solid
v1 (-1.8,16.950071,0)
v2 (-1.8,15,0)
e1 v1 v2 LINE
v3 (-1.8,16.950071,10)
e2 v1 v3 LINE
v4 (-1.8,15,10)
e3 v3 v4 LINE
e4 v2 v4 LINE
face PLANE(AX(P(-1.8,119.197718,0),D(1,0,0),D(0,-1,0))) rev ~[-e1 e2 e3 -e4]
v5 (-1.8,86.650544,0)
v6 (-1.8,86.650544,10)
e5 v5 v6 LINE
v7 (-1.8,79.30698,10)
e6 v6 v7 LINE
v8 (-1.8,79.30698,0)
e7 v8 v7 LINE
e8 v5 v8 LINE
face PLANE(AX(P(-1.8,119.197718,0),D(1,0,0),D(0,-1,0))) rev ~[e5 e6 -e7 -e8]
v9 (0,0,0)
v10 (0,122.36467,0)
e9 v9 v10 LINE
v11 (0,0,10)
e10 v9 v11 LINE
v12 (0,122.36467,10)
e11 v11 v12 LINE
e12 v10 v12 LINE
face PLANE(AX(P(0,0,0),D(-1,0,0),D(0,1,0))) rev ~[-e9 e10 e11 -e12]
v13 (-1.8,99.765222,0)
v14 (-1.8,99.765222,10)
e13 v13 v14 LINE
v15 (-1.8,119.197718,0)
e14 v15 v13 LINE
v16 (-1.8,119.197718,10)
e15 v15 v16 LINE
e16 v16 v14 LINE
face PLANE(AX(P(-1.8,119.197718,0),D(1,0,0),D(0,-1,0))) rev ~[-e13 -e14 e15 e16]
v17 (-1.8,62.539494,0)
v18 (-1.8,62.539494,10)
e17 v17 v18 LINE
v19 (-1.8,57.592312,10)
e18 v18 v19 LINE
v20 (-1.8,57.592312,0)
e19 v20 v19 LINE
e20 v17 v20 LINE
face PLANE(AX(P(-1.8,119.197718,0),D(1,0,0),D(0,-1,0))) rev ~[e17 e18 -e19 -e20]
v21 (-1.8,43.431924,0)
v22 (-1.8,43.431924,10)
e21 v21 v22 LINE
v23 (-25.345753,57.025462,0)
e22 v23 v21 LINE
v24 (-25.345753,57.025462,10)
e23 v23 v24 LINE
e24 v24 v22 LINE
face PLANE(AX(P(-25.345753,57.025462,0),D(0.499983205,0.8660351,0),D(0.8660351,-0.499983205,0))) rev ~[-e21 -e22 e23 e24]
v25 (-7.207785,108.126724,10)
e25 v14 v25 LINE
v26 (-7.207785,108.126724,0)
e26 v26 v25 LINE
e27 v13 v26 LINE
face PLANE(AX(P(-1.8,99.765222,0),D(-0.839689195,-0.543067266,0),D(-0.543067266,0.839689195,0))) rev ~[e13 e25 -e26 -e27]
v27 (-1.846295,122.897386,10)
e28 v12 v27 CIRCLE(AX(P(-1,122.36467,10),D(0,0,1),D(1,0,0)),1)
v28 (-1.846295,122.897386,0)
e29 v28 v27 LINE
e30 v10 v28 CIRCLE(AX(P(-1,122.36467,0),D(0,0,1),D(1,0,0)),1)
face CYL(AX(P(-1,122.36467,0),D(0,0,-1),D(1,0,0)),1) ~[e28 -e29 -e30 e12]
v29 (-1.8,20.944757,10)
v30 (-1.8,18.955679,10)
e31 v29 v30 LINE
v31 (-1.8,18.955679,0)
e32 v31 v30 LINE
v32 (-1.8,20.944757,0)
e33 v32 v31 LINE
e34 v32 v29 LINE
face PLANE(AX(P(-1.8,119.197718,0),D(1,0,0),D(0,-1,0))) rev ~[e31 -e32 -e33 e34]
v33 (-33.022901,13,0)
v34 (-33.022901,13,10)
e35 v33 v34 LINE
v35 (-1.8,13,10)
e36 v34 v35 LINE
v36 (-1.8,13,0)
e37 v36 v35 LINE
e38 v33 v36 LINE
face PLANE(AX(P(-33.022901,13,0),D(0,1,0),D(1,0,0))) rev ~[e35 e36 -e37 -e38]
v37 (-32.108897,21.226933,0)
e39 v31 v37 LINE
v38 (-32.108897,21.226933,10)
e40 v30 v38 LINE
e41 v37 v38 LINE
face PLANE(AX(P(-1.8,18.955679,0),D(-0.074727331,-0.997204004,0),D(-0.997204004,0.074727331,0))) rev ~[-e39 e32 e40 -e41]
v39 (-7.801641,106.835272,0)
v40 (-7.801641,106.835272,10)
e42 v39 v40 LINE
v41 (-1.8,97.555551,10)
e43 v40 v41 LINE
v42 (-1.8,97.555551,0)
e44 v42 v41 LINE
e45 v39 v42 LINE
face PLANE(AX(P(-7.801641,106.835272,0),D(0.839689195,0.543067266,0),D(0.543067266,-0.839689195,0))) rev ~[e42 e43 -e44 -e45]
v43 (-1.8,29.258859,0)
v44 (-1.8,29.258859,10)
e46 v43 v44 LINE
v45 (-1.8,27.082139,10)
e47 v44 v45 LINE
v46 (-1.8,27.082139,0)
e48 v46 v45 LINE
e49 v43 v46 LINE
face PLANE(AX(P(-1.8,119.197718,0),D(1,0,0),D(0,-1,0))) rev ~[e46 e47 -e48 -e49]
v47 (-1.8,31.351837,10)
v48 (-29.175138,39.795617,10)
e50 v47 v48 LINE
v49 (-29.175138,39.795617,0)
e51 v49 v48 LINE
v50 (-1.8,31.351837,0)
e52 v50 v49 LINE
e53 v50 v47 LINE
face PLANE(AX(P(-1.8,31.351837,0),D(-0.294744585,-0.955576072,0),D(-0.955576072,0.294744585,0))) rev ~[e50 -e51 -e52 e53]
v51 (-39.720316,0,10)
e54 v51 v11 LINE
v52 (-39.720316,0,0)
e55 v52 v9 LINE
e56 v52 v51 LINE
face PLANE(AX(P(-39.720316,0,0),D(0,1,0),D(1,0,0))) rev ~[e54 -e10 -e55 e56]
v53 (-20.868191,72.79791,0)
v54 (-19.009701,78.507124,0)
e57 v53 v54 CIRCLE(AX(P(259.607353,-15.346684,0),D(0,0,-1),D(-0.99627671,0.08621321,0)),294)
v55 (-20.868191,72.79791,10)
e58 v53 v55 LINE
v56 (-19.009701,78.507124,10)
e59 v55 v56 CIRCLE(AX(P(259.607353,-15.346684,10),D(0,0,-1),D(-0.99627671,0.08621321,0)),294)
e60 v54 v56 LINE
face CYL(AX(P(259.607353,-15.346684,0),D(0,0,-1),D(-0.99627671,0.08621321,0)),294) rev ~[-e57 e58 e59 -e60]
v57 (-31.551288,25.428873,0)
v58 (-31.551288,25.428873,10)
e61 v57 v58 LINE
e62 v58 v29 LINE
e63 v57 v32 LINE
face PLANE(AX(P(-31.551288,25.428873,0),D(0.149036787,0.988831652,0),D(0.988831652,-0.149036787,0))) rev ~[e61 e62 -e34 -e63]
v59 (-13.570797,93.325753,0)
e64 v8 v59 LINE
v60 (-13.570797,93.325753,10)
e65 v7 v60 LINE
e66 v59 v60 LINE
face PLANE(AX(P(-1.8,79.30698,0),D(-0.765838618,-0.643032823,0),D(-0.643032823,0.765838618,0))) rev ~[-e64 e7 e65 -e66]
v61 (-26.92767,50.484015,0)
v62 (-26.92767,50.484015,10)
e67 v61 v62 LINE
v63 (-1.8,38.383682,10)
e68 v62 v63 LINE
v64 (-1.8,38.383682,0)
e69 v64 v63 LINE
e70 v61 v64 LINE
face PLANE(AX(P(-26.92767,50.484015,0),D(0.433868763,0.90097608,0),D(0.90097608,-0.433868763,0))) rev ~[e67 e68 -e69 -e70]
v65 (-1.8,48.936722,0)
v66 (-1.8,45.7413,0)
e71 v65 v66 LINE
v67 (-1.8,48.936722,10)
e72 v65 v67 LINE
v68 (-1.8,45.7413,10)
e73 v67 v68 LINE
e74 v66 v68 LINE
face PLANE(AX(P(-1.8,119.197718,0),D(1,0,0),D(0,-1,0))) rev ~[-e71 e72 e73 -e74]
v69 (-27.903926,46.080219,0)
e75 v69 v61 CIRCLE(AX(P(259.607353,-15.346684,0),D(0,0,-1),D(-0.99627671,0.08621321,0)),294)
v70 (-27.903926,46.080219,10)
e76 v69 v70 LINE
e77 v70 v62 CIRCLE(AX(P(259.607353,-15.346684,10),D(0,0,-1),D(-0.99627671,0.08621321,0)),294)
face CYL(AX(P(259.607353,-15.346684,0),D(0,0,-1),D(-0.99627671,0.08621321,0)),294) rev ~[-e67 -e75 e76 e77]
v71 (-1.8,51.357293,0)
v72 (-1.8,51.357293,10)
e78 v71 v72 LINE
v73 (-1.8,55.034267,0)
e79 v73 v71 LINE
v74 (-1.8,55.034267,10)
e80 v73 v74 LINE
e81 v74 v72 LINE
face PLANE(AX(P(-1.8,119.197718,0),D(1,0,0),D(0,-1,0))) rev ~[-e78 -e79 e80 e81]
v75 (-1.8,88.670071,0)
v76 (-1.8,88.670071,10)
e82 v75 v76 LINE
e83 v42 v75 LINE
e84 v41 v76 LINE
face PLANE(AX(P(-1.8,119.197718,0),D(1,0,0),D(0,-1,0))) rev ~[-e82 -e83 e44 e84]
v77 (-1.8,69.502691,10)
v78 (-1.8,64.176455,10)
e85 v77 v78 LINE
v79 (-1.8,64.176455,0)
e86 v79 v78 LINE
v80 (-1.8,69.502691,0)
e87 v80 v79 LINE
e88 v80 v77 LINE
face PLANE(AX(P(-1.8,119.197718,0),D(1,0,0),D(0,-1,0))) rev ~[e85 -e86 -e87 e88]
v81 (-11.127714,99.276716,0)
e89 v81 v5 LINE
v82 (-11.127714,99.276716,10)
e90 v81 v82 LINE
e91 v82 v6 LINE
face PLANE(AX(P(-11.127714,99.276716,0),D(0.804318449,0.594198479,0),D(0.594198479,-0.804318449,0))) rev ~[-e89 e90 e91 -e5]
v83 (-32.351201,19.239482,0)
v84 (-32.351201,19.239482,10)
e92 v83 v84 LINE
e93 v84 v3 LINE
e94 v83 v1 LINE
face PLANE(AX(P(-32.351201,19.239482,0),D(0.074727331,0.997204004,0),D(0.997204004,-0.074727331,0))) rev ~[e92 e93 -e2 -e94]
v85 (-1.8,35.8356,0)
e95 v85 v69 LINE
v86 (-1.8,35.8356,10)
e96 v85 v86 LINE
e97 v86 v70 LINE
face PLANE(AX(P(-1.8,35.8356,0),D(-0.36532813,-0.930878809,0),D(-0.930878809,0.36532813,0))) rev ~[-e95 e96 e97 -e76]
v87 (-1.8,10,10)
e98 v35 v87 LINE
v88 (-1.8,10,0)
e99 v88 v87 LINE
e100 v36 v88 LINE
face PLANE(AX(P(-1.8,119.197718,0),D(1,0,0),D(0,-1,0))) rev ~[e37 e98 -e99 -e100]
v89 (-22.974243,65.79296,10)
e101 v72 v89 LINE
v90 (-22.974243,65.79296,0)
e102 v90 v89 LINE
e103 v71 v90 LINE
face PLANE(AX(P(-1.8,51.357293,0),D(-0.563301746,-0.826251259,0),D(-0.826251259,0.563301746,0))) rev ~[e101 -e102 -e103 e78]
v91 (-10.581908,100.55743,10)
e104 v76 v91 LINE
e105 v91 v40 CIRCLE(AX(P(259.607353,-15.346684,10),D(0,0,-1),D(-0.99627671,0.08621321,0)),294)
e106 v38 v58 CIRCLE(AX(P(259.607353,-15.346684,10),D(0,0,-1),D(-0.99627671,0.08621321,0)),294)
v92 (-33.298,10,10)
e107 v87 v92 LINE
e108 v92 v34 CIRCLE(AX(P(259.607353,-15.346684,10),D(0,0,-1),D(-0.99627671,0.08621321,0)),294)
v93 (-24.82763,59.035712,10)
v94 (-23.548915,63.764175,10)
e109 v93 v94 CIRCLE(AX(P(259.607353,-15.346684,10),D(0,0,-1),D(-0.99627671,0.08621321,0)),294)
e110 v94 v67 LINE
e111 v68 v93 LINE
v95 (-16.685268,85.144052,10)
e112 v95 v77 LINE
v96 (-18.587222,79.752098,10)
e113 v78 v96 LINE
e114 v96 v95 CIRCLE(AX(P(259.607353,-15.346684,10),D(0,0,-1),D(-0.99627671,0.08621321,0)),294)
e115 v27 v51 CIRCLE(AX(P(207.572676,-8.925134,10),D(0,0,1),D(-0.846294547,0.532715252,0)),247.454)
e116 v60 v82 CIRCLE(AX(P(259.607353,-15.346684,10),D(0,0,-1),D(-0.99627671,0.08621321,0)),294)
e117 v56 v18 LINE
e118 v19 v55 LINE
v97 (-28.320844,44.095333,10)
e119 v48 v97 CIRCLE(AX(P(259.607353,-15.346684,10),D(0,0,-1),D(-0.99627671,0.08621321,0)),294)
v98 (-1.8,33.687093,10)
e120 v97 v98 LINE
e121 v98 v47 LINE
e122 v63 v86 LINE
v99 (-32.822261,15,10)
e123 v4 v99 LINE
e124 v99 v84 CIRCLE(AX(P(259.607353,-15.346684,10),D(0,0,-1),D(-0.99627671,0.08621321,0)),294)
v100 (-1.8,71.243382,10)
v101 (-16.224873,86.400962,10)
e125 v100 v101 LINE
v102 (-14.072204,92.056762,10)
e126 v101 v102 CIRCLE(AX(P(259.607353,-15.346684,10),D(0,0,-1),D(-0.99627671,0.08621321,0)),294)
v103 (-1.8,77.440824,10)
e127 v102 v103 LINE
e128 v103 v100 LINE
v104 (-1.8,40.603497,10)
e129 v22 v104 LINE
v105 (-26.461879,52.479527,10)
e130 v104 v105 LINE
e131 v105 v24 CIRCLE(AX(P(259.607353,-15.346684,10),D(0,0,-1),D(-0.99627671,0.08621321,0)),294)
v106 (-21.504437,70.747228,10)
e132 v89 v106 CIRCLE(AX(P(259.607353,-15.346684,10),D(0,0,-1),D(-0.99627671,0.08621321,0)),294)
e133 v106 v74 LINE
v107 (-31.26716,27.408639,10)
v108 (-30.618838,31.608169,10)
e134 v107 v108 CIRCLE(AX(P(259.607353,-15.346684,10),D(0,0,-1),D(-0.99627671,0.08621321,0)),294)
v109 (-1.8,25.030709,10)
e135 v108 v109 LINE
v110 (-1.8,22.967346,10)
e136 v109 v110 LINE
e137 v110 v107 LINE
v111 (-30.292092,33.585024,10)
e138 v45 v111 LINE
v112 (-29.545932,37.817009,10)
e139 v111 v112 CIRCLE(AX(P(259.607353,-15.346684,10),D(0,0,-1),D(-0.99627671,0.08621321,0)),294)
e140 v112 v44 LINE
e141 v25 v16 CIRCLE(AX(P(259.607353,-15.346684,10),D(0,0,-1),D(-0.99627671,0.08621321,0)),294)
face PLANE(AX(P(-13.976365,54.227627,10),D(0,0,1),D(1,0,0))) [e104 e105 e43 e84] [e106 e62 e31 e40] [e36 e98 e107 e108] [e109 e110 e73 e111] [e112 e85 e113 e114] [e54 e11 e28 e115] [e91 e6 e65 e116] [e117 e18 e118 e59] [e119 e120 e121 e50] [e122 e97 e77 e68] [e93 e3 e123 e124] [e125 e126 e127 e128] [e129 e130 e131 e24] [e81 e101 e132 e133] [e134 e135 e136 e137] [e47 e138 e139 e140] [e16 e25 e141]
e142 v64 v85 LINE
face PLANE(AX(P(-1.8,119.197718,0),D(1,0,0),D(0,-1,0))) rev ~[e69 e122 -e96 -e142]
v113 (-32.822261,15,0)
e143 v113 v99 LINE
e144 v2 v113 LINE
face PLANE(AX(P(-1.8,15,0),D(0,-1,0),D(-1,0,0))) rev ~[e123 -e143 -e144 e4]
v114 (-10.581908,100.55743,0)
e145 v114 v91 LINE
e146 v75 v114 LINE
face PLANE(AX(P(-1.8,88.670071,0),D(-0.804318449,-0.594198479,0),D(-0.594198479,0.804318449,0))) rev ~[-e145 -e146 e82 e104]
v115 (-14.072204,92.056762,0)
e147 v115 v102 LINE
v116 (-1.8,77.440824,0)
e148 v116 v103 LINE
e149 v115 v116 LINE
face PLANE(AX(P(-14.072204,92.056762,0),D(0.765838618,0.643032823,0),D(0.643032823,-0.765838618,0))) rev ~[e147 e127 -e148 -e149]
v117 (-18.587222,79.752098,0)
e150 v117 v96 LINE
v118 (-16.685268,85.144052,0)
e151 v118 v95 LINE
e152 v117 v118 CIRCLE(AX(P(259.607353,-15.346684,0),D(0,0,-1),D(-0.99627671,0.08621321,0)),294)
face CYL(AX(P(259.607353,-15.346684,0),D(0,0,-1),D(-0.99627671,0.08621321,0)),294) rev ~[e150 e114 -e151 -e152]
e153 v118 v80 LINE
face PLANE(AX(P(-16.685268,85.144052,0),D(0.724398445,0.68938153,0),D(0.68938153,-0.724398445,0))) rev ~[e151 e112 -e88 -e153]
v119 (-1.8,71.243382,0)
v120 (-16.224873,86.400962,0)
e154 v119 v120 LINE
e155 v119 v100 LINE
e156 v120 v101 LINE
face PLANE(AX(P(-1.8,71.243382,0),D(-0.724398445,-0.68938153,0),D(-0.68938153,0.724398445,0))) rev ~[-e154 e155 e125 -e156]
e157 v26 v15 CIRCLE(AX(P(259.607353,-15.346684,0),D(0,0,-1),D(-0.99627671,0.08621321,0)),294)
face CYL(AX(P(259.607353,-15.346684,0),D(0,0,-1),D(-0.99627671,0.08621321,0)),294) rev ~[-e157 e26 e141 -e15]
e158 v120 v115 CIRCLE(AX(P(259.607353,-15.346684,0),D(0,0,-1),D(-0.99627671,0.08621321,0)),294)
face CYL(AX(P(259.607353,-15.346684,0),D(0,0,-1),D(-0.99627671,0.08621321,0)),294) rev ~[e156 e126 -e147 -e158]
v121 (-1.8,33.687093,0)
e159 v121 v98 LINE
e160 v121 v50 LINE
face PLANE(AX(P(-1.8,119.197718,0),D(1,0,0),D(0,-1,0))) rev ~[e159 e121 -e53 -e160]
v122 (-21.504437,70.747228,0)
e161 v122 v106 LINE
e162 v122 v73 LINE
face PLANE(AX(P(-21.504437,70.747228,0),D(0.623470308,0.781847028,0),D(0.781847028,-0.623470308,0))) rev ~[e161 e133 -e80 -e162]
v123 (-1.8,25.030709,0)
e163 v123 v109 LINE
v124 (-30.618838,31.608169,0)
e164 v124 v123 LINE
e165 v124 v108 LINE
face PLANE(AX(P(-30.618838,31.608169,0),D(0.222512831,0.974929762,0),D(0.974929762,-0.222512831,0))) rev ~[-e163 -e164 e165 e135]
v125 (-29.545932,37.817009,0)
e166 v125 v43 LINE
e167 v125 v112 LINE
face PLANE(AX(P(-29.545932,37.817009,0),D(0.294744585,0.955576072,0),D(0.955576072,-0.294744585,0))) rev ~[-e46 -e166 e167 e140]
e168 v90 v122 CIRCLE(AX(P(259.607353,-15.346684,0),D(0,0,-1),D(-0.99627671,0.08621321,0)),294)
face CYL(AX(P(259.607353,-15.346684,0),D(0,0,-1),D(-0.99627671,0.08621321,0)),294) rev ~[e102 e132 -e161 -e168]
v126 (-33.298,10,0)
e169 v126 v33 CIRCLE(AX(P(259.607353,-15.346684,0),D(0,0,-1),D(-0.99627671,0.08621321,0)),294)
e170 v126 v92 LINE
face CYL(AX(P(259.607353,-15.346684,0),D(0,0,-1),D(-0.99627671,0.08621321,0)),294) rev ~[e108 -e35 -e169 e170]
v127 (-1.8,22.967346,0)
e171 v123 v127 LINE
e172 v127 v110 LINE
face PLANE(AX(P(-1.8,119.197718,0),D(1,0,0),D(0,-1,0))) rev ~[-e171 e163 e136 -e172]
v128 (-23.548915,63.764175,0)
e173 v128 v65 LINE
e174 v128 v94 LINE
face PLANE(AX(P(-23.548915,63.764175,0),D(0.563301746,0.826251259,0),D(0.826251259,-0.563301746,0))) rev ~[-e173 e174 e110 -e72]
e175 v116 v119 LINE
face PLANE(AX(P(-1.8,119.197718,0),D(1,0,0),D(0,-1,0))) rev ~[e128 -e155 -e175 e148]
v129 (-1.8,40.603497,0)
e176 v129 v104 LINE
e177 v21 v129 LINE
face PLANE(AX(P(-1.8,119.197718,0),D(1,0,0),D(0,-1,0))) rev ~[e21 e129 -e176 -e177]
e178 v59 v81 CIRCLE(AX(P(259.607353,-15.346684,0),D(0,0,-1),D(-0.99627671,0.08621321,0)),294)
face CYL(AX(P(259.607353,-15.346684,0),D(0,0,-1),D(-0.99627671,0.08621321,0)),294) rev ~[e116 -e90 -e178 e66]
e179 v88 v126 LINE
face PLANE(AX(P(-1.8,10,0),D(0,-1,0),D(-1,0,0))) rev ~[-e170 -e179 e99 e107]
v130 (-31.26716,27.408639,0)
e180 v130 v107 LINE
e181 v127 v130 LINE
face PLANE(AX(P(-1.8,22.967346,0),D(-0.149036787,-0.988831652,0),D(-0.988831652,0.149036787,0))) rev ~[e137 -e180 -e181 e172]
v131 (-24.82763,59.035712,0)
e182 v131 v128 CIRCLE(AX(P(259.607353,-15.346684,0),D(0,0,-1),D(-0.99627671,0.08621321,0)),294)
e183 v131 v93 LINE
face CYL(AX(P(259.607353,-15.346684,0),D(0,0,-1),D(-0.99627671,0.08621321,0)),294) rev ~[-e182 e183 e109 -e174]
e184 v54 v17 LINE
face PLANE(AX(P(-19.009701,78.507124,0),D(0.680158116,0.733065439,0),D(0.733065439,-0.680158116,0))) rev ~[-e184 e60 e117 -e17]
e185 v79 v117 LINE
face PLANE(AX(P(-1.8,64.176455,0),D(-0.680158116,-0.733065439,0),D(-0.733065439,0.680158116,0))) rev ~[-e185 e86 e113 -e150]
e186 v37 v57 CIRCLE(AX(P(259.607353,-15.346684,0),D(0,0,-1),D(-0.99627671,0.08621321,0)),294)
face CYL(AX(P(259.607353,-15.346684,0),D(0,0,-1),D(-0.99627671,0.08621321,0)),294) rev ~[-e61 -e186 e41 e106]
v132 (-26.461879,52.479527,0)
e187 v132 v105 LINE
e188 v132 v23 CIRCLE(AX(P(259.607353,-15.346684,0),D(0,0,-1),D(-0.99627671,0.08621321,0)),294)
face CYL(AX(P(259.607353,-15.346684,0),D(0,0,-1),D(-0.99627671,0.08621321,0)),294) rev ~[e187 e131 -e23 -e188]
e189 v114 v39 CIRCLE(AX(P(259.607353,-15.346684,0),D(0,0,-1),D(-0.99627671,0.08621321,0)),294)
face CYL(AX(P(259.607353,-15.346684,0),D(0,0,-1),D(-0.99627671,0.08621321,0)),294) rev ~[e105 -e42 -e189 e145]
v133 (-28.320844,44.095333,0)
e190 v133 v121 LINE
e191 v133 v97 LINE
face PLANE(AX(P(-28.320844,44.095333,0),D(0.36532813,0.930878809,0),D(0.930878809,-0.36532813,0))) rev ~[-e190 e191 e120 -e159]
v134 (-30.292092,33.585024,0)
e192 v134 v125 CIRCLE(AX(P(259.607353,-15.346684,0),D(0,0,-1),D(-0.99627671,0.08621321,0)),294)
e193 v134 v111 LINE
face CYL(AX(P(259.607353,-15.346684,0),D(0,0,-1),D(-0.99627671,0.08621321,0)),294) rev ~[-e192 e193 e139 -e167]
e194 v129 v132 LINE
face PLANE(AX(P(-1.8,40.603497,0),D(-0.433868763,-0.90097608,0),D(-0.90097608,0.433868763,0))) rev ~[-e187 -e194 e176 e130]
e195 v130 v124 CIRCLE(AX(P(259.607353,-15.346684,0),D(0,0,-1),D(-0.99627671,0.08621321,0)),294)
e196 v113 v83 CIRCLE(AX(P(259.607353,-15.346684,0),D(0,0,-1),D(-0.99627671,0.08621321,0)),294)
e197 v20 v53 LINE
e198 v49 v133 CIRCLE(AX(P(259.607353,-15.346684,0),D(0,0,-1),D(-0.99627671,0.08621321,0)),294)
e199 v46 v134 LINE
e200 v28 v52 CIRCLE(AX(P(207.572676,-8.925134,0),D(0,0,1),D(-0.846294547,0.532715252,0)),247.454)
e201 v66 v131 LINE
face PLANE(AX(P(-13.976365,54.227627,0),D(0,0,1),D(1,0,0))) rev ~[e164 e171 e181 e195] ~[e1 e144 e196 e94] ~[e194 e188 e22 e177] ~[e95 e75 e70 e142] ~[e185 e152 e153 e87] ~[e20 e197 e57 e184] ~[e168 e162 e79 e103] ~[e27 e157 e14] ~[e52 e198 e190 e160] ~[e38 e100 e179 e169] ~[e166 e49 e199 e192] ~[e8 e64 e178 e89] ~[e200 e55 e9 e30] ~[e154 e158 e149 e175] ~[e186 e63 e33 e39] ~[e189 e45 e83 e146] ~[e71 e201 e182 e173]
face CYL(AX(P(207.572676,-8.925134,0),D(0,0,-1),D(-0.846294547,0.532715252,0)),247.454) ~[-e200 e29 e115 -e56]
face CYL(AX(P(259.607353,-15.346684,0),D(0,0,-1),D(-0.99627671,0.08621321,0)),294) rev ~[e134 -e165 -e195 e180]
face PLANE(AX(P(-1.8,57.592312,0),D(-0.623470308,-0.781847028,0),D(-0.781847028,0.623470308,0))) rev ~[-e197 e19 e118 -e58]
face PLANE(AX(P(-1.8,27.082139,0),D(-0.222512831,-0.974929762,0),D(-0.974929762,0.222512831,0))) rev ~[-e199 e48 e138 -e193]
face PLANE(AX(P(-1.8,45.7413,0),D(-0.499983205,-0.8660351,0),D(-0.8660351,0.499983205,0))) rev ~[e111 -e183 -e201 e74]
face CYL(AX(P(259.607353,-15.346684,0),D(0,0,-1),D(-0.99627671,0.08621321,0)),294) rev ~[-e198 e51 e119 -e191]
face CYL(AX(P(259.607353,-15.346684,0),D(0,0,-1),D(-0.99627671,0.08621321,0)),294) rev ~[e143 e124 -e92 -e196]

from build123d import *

# Parameters (mm, degrees)
BOSS_EXTRUDE4_DEPTH = 10
BOSS_EXTRUDE5_DEPTH = 10


with BuildPart() as part:
    # Sketch5 → Boss-Extrude4 (new body)
    with BuildSketch(Plane.XY):
        with BuildLine():
            Line((0, 0), (0, 122.364670388))
            ThreePointArc((0, 122.364670388), (-0.722776757, 123.325475922), (-1.846294547, 122.89738564))
            ThreePointArc((-1.846294547, 122.89738564), (-28.906490201, 63.952063235), (-39.720316086, 0))
            Line((-39.720316086, 0), (0, 0))
        make_face()
        with BuildLine():
            Line((-1.8, 10), (-33.298, 10))
            ThreePointArc((-33.298, 10), (-22.875707389, 66.135343677), (-1.8, 119.197717832))
            Line((-1.8, 119.197717832), (-1.8, 10))
        make_face(mode=Mode.SUBTRACT)
    extrude(amount=BOSS_EXTRUDE4_DEPTH)

    # Sketch8 → Boss-Extrude5 (add)
    with BuildSketch(Plane.XY):
        with BuildLine():
            Line((-33.02290127, 13), (-1.8, 13))
            Line((-1.8, 13), (-1.8, 15))
            Line((-1.8, 15), (-32.822260718, 15))
            ThreePointArc((-32.822260718, 15), (-32.924290216, 14.00017147), (-33.02290127, 13))
        make_face()
        with BuildLine():
            Line((-31.551287828, 25.428873475), (-1.8, 20.944756944))
            Line((-1.8, 20.944756944), (-1.8, 22.967345922))
            Line((-1.8, 22.967345922), (-31.267160482, 27.408638756))
            ThreePointArc((-31.267160482, 27.408638756), (-31.410907676, 26.418997727), (-31.551287828, 25.428873475))
        make_face()
        with BuildLine():
            Line((-32.351201095, 19.239482352), (-1.8, 16.950071453))
            Line((-1.8, 16.950071453), (-1.8, 18.955679124))
            Line((-1.8, 18.955679124), (-32.108897466, 21.226932551))
            ThreePointArc((-32.108897466, 21.226932551), (-32.231741124, 20.233413716), (-32.351201095, 19.239482352))
        make_face()
        with BuildLine():
            Line((-30.618838123, 31.608168854), (-1.8, 25.030709106))
            Line((-1.8, 25.030709106), (-1.8, 27.082138941))
            Line((-1.8, 27.082138941), (-30.292091958, 33.585023866))
            ThreePointArc((-30.292091958, 33.585023866), (-30.457149134, 32.596874717), (-30.618838123, 31.608168854))
        make_face()
        with BuildLine():
            Line((-29.545931615, 37.81700869), (-1.8, 29.258858956))
            Line((-1.8, 29.258858956), (-1.8, 31.351837274))
            Line((-1.8, 31.351837274), (-29.175137635, 39.795616712))
            ThreePointArc((-29.175137635, 39.795616712), (-29.3622281, 38.806630061), (-29.545931615, 37.81700869))
        make_face()
        with BuildLine():
            Line((-28.320844309, 44.095333315), (-1.8, 33.687092884))
            Line((-1.8, 33.687092884), (-1.8, 35.835600273))
            Line((-1.8, 35.835600273), (-27.903926427, 46.080219158))
            ThreePointArc((-27.903926427, 46.080219158), (-28.114096999, 45.088135758), (-28.320844309, 44.095333315))
        make_face()
        with BuildLine():
            Line((-26.927669735, 50.484015361), (-1.8, 38.383681924))
            Line((-1.8, 38.383681924), (-1.8, 40.603496684))
            Line((-1.8, 40.603496684), (-26.461878817, 52.479526575))
            ThreePointArc((-26.461878817, 52.479526575), (-26.696512847, 51.482176784), (-26.927669735, 50.484015361))
        make_face()
        with BuildLine():
            Line((-25.34575305, 57.025462495), (-1.8, 43.431924442))
            Line((-1.8, 43.431924442), (-1.8, 45.741299663))
            Line((-1.8, 45.741299663), (-24.827629625, 59.035712413))
            ThreePointArc((-24.827629625, 59.035712413), (-25.088465651, 58.031044767), (-25.34575305, 57.025462495))
        make_face()
        with BuildLine():
            Line((-23.548915199, 63.764175049), (-1.8, 48.936721808))
            Line((-1.8, 48.936721808), (-1.8, 51.357293007))
            Line((-1.8, 51.357293007), (-22.974243013, 65.792960042))
            ThreePointArc((-22.974243013, 65.792960042), (-23.26339795, 64.77908275), (-23.548915199, 63.764175049))
        make_face()
        with BuildLine():
            Line((-21.504437213, 70.747227787), (-1.8, 55.034267194))
            Line((-1.8, 55.034267194), (-1.8, 57.592312347))
            Line((-1.8, 57.592312347), (-20.868191149, 72.797909588))
            ThreePointArc((-20.868191149, 72.797909588), (-21.188186233, 71.773149512), (-21.504437213, 70.747227787))
        make_face()
        with BuildLine():
            Line((-19.009701273, 78.507124213), (-1.8, 62.539493808))
            Line((-1.8, 62.539493808), (-1.8, 64.176455444))
            Line((-1.8, 64.176455444), (-18.587222465, 79.752098484))
            ThreePointArc((-18.587222465, 79.752098484), (-18.799157777, 79.129847503), (-19.009701273, 78.507124213))
        make_face()
        with BuildLine():
            Line((-16.685267787, 85.144051641), (-1.8, 69.502691427))
            Line((-1.8, 69.502691427), (-1.8, 71.243382102))
            Line((-1.8, 71.243382102), (-16.22487287, 86.400961786))
            ThreePointArc((-16.22487287, 86.400961786), (-16.455785666, 85.772768735), (-16.685267787, 85.144051641))
        make_face()
        with BuildLine():
            Line((-14.072204317, 92.056761761), (-1.8, 77.440823569))
            Line((-1.8, 77.440823569), (-1.8, 79.306980252))
            Line((-1.8, 79.306980252), (-13.570797112, 93.325752969))
            ThreePointArc((-13.570797112, 93.325752969), (-13.822236892, 92.691548245), (-14.072204317, 92.056761761))
        make_face()
        with BuildLine():
            Line((-11.127713878, 99.276715969), (-1.8, 86.650543681))
            Line((-1.8, 86.650543681), (-1.8, 88.670070899))
            Line((-1.8, 88.670070899), (-10.581907863, 100.557429702))
            ThreePointArc((-10.581907863, 100.557429702), (-10.855568937, 99.917395903), (-11.127713878, 99.276715969))
        make_face()
        with BuildLine():
            Line((-7.801640698, 106.835271915), (-1.8, 97.555550659))
            Line((-1.8, 97.555550659), (-1.8, 99.765221681))
            Line((-1.8, 99.765221681), (-7.207784689, 108.126724319))
            ThreePointArc((-7.207784689, 108.126724319), (-7.505493193, 107.481357019), (-7.801640698, 106.835271915))
        make_face()
    extrude(amount=BOSS_EXTRUDE5_DEPTH)


solid = part.part
